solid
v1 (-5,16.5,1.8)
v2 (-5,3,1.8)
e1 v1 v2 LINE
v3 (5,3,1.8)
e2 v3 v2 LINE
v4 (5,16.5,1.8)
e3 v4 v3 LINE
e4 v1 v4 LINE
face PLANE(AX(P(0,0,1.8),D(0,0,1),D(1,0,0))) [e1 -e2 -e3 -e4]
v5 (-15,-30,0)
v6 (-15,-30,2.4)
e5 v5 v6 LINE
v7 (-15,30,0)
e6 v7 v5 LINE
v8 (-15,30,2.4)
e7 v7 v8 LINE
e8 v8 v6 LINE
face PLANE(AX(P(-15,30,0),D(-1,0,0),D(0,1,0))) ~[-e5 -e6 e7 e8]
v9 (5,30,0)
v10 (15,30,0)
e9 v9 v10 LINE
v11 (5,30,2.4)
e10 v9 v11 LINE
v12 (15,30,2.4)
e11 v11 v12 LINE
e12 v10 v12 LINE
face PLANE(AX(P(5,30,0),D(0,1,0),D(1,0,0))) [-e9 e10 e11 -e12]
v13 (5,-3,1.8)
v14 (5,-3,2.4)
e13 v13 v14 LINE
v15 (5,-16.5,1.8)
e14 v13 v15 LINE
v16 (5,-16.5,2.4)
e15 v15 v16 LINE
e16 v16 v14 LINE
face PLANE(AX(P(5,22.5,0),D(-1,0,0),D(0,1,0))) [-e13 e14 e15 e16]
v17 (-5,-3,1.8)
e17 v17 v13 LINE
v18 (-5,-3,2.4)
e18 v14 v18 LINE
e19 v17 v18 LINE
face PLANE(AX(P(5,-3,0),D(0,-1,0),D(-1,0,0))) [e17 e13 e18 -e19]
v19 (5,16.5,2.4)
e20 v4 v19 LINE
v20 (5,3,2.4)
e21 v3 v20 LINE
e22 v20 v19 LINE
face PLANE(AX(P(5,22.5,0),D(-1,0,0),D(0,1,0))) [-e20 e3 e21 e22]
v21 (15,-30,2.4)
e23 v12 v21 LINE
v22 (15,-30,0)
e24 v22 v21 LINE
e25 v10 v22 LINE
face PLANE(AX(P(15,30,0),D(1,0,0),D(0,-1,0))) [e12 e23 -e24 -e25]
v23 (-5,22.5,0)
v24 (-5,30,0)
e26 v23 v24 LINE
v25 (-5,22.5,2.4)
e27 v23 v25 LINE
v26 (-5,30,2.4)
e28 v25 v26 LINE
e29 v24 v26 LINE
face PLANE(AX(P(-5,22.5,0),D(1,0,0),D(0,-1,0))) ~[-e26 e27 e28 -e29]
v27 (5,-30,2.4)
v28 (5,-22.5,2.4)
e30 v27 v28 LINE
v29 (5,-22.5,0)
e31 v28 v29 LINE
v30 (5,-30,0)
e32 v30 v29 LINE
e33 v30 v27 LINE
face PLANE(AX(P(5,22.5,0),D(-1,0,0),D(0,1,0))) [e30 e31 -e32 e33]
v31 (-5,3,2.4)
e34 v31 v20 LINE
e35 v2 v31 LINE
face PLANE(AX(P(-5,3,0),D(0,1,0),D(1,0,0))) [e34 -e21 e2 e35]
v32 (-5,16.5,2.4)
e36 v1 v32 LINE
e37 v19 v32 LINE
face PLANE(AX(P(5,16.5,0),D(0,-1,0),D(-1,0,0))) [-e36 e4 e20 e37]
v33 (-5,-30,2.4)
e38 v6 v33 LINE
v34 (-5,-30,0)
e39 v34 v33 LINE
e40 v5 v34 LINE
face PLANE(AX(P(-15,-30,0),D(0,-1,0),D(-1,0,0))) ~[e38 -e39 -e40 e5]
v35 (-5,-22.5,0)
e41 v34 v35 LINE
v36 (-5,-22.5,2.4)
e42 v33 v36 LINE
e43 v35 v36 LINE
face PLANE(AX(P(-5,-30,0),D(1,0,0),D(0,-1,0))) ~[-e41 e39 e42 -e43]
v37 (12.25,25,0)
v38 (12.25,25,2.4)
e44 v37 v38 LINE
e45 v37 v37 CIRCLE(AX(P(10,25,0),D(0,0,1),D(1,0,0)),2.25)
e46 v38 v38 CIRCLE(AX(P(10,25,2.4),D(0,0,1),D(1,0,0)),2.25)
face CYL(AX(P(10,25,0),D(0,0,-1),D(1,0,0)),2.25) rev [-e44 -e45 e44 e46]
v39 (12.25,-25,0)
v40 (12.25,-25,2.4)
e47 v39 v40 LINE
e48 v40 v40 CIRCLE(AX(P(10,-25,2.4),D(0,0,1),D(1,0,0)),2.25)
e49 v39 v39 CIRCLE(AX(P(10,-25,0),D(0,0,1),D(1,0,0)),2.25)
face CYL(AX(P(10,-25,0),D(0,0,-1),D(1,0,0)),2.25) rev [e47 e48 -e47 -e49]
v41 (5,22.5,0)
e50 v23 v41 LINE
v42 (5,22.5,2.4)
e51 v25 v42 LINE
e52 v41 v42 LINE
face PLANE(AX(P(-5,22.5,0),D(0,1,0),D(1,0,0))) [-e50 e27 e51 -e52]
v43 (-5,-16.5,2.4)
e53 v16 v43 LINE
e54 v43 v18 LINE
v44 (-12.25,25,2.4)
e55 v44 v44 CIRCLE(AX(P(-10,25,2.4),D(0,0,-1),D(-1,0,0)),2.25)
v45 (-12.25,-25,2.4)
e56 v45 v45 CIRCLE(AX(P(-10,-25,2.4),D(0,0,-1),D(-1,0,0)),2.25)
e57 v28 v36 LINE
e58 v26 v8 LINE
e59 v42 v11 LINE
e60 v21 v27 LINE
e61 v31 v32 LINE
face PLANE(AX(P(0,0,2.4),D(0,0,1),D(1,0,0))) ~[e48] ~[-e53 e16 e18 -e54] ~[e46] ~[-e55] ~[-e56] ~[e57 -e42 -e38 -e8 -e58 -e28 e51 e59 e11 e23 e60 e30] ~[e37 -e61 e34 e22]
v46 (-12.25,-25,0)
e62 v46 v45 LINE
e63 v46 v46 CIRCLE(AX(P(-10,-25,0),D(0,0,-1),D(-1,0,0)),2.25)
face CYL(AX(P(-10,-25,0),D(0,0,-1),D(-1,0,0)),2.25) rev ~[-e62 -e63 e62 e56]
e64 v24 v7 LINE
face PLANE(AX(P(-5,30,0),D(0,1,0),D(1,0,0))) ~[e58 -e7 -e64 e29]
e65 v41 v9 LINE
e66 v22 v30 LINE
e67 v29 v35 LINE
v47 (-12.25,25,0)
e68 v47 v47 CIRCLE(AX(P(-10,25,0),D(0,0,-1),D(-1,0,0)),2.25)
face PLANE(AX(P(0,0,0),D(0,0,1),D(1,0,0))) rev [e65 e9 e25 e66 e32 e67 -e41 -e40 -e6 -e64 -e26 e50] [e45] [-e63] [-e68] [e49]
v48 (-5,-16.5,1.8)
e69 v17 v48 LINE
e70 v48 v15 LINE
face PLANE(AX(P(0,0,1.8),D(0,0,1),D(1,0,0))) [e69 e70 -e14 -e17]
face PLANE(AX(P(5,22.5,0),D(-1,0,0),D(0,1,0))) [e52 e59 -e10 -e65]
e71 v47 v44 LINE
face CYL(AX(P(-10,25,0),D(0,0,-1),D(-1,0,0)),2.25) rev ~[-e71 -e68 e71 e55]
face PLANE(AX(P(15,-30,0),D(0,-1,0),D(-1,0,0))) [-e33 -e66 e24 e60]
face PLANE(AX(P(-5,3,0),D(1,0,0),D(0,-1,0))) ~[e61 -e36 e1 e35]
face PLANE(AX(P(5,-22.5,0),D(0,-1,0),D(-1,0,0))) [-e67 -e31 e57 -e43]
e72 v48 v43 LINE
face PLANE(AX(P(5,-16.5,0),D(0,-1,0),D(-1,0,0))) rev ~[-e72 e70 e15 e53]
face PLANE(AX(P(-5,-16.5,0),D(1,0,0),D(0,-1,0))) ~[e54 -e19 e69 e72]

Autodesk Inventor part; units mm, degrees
ref_plane "YZ Plane" through (0, 0, 0) normal (1, 0, 0) x (0, 1, 0)
ref_plane "XZ Plane" through (0, 0, 0) normal (0, 1, 0) x (-1, 0, 0)
ref_plane "XY Plane" through (0, 0, 0) normal (0, 0, 1) x (1, 0, 0)
sketch "Sketch1" plane through (0, 0, 0) normal (0, 0, 1) x (1, 0, 0)
  line L0 (0, 35.9415) -> (0, -22.75) construction
  line L1 (5, 30) -> (15, 30)
  line L2 (15, 30) -> (15, -30)
  line L3 (15, -30) -> (5, -30)
  line L4 (5, -30) -> (5, 30)
  circle A0 centre (10, 25) radius 2.25
  circle A1 centre (10, -25) radius 2.25
  line L5 (-5, 22.5) -> (5, 22.5)
  line L6 (5, 22.5) -> (5, -22.5)
  line L7 (5, -22.5) -> (-5, -22.5)
  line L8 (-5, -22.5) -> (-5, 22.5)
  line L9 (-5, 22.5) -> (5, 22.5)
  line L10 (5, 22.5) -> (5, 16.5)
  line L11 (5, 16.5) -> (-5, 16.5)
  line L12 (-5, 16.5) -> (-5, 22.5)
  line L13 (-5, -22.5) -> (5, -22.5)
  line L14 (5, -22.5) -> (5, -16.5)
  line L15 (5, -16.5) -> (-5, -16.5)
  line L16 (-5, -16.5) -> (-5, -22.5)
  line L17 (-5, 3) -> (5, 3)
  line L18 (5, 3) -> (5, -3)
  line L19 (5, -3) -> (-5, -3)
  line L20 (-5, -3) -> (-5, 3)
  point P0 (0, 0)
  point P1 (15, 0)
  point P2 (5, 0)
  point P3 (0, 22.5)
  point P4 (5, 0)
  point P5 (5, 0)
  dimension "d28" = 60
  dimension "d29" = 4.5
  dimension "d30" = 4.5
  dimension "d31" = 5
  dimension "d32" = 5
  dimension "d33" = 10
  dimension "d36" = 10
  dimension "d37" = 45
  dimension "d38" = 5
  dimension "d39" = 5
  dimension "d42" = 6
  dimension "d43" = 6
  dimension "d44" = 6
extrude "Extrusion3" add sketch "Sketch1" along normal blind 1.8 contours L4 L11 L8 L5 | L4 L17 L8 L11 | L4 L19 L8 L17 | L7 L8 L15 L4 | L4 L15 L8 L19
extrude "Extrusion5" add sketch "Sketch1" along normal blind 2.4 contours L1 L2 L3 L4
extrude "Extrusion6" add sketch "Sketch1" along normal blind 2.4 contours L4 L11 L8 L5 | L4 L19 L8 L17 | L7 L8 L15 L4
mirror "Mirror2" about plane through (0, 0, 0) normal (1, 0, 0) of "Extrusion5", "Extrusion6"
equation "\"d29\" = screw"
equation "\"d30\" = screw"
equation "\"screw\" = 4.5"
properties part number "FoldLink" material "Rubber, Silicone"
